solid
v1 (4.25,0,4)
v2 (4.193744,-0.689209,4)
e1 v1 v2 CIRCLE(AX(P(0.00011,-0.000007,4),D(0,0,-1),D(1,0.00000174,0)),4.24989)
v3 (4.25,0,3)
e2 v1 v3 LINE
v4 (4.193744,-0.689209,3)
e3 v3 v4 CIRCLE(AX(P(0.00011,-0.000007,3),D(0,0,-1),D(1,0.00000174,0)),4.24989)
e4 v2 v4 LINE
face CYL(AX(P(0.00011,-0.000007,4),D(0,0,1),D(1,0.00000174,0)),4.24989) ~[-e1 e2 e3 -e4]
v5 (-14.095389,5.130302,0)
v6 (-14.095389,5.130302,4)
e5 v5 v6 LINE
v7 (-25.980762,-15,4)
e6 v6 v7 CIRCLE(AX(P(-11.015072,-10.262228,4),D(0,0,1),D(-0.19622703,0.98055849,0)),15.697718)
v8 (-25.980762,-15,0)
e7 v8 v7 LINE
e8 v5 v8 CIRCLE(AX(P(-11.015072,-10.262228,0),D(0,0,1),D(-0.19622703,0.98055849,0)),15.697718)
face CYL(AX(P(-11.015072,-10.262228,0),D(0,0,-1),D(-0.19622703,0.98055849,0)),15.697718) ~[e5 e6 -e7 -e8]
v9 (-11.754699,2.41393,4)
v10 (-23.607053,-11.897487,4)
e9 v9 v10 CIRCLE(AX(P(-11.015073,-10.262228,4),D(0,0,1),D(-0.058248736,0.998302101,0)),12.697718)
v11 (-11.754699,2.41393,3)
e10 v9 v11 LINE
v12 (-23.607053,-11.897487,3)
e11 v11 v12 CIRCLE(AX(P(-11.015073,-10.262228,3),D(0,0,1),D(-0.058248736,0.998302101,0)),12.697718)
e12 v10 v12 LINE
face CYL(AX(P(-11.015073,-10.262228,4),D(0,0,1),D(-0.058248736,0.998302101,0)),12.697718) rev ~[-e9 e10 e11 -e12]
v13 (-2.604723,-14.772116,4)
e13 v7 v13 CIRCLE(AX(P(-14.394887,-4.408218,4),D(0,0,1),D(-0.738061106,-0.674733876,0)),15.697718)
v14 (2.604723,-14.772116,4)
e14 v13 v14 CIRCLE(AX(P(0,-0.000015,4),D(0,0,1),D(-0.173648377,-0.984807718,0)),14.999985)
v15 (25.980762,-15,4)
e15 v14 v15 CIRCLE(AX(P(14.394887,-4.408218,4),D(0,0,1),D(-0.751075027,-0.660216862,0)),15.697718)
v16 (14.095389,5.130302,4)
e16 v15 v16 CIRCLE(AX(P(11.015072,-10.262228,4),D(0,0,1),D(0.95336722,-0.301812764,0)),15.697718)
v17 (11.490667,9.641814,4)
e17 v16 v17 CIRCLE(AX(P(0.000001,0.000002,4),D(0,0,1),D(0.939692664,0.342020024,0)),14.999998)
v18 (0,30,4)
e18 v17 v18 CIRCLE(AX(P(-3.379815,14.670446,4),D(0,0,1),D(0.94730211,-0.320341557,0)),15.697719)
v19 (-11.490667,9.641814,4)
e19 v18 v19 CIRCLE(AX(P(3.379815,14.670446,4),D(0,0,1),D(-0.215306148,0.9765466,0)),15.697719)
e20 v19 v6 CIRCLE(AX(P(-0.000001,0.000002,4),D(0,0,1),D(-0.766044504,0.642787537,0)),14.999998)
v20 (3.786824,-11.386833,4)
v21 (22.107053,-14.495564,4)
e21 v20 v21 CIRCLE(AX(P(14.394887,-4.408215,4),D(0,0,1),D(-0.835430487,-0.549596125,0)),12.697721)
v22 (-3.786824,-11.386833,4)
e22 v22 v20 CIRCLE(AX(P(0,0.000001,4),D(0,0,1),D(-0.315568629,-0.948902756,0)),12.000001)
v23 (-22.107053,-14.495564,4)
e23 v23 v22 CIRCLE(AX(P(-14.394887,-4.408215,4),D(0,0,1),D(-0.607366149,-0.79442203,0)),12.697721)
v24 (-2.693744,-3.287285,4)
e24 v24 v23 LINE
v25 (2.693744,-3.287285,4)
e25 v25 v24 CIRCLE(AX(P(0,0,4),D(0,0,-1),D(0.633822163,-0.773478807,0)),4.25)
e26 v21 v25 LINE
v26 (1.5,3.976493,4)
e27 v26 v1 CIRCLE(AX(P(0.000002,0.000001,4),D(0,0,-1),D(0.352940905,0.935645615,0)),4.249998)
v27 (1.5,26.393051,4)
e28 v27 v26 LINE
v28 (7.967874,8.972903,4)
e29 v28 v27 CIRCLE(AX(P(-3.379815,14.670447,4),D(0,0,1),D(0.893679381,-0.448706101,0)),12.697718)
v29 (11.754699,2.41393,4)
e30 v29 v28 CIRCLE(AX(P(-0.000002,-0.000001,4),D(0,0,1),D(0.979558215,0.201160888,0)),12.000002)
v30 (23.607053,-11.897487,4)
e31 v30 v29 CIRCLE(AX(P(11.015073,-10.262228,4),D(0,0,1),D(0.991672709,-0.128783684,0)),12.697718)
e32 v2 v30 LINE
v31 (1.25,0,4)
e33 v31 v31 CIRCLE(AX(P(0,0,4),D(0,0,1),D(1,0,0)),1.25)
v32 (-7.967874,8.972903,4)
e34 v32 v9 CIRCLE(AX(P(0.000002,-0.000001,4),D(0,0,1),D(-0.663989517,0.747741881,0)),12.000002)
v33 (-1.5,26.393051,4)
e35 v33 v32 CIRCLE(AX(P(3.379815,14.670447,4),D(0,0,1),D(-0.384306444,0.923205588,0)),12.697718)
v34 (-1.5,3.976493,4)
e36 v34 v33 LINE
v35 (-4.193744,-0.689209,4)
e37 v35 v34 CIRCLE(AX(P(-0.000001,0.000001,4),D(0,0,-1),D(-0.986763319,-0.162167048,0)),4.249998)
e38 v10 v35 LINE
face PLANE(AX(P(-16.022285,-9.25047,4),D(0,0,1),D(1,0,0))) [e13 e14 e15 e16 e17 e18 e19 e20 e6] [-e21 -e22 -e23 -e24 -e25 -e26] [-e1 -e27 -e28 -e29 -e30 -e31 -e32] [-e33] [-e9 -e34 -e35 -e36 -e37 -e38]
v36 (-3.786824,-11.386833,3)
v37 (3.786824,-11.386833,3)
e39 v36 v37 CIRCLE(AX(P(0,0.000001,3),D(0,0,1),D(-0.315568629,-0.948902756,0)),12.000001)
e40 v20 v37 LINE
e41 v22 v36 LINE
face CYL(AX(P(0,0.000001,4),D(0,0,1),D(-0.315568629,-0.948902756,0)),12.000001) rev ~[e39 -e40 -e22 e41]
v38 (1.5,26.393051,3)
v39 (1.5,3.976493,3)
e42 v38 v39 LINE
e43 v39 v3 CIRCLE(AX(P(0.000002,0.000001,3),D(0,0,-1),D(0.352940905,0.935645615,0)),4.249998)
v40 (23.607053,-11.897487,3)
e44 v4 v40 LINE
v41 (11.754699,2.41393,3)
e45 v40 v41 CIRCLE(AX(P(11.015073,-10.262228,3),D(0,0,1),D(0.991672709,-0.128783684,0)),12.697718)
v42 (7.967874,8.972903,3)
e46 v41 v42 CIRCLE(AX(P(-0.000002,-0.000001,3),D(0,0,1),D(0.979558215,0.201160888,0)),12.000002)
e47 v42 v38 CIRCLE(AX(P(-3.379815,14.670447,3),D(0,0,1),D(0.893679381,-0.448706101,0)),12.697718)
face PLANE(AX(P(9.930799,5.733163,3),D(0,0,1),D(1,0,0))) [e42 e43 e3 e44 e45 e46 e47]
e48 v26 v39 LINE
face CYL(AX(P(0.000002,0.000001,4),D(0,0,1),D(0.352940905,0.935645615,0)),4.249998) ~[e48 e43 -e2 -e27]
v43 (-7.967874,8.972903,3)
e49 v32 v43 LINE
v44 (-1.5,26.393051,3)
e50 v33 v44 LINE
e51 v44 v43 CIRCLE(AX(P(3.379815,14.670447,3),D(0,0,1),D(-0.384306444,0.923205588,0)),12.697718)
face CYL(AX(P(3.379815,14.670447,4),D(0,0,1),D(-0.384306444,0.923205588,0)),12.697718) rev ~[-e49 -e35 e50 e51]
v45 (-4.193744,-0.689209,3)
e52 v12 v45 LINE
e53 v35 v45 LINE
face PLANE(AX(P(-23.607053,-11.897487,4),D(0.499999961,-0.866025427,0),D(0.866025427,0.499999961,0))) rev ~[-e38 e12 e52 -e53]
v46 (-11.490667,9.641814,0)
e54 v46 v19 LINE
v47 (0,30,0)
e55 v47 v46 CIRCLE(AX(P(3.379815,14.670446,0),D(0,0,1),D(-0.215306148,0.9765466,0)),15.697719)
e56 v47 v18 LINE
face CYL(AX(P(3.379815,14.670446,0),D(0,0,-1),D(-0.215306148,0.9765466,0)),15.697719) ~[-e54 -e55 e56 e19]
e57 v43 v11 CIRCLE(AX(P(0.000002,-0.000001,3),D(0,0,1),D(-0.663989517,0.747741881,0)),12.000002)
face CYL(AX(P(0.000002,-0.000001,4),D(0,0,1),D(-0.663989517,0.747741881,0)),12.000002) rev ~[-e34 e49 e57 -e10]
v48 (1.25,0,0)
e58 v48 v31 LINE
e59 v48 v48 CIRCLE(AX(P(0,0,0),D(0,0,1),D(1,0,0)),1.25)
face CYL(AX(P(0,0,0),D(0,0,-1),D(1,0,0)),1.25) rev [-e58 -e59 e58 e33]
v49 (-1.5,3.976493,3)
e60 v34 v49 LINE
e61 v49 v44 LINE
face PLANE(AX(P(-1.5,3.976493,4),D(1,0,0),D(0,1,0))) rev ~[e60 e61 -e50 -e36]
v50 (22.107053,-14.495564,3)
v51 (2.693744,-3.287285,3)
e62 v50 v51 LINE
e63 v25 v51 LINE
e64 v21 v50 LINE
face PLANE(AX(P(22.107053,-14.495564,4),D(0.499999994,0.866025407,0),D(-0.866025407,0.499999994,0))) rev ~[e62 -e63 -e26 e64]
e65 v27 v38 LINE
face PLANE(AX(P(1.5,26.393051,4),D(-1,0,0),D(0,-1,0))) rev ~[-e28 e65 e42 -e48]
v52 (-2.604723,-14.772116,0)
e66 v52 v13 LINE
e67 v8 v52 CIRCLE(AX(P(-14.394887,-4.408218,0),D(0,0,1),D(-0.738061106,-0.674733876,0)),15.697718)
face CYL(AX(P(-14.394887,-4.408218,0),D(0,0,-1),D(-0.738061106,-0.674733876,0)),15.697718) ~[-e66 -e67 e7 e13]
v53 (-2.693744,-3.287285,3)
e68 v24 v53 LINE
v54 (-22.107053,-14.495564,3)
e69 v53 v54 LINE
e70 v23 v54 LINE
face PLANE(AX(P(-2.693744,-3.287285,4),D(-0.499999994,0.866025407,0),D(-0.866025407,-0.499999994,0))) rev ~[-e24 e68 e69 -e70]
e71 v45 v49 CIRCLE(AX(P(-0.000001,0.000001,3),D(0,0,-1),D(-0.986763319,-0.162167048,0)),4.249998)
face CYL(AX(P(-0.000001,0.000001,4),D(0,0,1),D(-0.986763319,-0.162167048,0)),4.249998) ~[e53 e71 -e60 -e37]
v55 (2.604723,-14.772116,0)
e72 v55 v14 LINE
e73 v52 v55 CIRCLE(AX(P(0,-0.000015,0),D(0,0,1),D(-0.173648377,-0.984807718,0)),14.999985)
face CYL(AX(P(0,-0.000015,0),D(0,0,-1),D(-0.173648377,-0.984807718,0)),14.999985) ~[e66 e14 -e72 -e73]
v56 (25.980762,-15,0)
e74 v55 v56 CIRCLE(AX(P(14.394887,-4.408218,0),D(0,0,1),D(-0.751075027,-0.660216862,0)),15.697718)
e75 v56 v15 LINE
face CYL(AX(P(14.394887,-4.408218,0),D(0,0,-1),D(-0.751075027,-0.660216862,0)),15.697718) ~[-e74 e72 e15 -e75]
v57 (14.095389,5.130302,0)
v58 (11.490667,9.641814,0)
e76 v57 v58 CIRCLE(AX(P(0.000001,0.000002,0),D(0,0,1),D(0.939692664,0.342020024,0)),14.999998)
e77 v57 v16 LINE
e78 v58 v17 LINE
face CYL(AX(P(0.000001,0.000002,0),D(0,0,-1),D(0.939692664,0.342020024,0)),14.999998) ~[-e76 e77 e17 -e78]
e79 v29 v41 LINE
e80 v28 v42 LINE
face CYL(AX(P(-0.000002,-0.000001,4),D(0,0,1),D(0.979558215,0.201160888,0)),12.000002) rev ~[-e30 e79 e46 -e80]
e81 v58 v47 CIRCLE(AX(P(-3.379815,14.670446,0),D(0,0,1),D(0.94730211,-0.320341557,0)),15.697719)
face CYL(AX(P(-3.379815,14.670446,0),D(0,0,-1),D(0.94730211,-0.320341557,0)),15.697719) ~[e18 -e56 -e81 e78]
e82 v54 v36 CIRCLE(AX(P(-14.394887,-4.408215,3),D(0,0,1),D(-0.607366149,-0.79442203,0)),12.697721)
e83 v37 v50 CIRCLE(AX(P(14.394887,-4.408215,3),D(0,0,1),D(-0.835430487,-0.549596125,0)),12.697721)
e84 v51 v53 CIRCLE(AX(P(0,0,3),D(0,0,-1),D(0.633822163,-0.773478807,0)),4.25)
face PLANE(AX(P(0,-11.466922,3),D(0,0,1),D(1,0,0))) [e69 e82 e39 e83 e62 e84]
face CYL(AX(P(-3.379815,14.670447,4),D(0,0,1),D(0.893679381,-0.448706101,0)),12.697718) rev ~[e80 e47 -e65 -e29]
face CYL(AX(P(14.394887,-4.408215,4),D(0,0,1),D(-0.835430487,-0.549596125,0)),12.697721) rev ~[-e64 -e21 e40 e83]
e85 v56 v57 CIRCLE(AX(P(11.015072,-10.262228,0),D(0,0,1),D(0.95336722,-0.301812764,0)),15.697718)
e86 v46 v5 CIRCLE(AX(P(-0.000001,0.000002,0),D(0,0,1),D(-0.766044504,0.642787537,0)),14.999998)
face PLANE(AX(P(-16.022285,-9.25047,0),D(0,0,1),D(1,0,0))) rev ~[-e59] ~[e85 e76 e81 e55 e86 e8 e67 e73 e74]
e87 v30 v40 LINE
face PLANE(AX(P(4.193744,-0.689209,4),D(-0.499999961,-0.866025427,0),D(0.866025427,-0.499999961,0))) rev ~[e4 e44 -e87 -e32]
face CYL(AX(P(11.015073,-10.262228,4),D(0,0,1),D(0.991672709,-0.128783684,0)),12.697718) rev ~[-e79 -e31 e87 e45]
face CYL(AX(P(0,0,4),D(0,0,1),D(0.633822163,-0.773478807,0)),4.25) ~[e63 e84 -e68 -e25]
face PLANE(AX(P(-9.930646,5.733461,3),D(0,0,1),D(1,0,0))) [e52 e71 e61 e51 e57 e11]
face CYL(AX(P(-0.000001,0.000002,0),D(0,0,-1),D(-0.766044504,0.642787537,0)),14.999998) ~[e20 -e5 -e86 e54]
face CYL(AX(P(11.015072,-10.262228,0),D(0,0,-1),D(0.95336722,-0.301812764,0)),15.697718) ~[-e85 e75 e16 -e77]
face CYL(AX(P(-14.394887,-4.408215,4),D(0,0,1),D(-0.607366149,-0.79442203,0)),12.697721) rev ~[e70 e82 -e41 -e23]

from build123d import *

# Parameters (mm, degrees)
F0_R     = 1.25
F1_DEPTH = 4
F3_DEPTH = 1


with BuildPart() as f1:
    # F0 (on Top) → F1 (new body)
    with BuildSketch(Plane.XY):
        with BuildLine():
            ThreePointArc((-25.980762, -15), (-14.241863, -20.10519), (-2.604723, -14.772116))
            ThreePointArc((-2.604723, -14.772116), (-12.990381, -7.5), (-14.095389, 5.130302))
            ThreePointArc((-14.095389, 5.130302), (-24.532537, -2.28122), (-25.980762, -15))
        make_face()
        with BuildLine():
            ThreePointArc((2.604723, -14.772116), (11.490667, -9.641814), (15, 0))
            ThreePointArc((15, 0), (14.772116, 2.604723), (14.095389, 5.130302))
            ThreePointArc((14.095389, 5.130302), (12.990381, 7.5), (11.490667, 9.641814))
            ThreePointArc((11.490667, 9.641814), (6.339274, 13.594617), (0, 15))
            ThreePointArc((0, 15), (-6.339274, 13.594617), (-11.490667, 9.641814))
            ThreePointArc((-11.490667, 9.641814), (-12.990381, 7.5), (-14.095389, 5.130302))
            ThreePointArc((-14.095389, 5.130302), (-12.990381, -7.5), (-2.604723, -14.772116))
            ThreePointArc((-2.604723, -14.772116), (0, -15), (2.604723, -14.772116))
        make_face()
        Circle(F0_R, mode=Mode.SUBTRACT)
        with BuildLine():
            ThreePointArc((-11.490667, 9.641814), (-6.339274, 13.594617), (0, 15))
            Line((0, 15), (0, 30))
            ThreePointArc((0, 30), (-10.290674, 22.38641), (-11.490667, 9.641814))
        make_face()
        with BuildLine():
            ThreePointArc((14.095389, 5.130302), (14.772116, 2.604723), (15, 0))
            ThreePointArc((15, 0), (11.490667, -9.641814), (2.604723, -14.772116))
            ThreePointArc((2.604723, -14.772116), (14.241863, -20.10519), (25.980762, -15))
            ThreePointArc((25.980762, -15), (24.532537, -2.28122), (14.095389, 5.130302))
        make_face()
        with BuildLine():
            ThreePointArc((0, 15), (6.339274, 13.594617), (11.490667, 9.641814))
            ThreePointArc((11.490667, 9.641814), (10.290674, 22.38641), (0, 30))
            Line((0, 30), (0, 15))
        make_face()
    extrude(amount=F1_DEPTH)

    # F2 (on face) → F3 (cut)
    with BuildSketch(Plane.XY.offset(4)):
        with BuildLine():
            ThreePointArc((-4.193744, -0.689209), (-3.680608, 2.125), (-1.5, 3.976493))
            Line((-1.5, 3.976493), (-1.5, 26.393051))
            ThreePointArc((-1.5, 26.393051), (-8.523897, 19.09014), (-7.967874, 8.972903))
            ThreePointArc((-7.967874, 8.972903), (-10.392305, 6), (-11.754699, 2.41393))
            ThreePointArc((-11.754699, 2.41393), (-20.794495, -2.163158), (-23.607053, -11.897487))
            Line((-23.607053, -11.897487), (-4.193744, -0.689209))
        make_face()
        with BuildLine():
            ThreePointArc((1.5, 3.976493), (3.495533, 2.417385), (4.25, 0))
            ThreePointArc((4.25, 0), (4.235913, -0.34575), (4.193744, -0.689209))
            Line((4.193744, -0.689209), (23.607053, -11.897487))
            ThreePointArc((23.607053, -11.897487), (20.794495, -2.163158), (11.754699, 2.41393))
            ThreePointArc((11.754699, 2.41393), (10.392305, 6), (7.967874, 8.972903))
            ThreePointArc((7.967874, 8.972903), (8.523897, 19.09014), (1.5, 26.393051))
            Line((1.5, 26.393051), (1.5, 3.976493))
        make_face()
        with BuildLine():
            Line((22.107053, -14.495564), (2.693744, -3.287285))
            ThreePointArc((2.693744, -3.287285), (0, -4.25), (-2.693744, -3.287285))
            Line((-2.693744, -3.287285), (-22.107053, -14.495564))
            ThreePointArc((-22.107053, -14.495564), (-12.270597, -16.926981), (-3.786824, -11.386833))
            ThreePointArc((-3.786824, -11.386833), (0, -12), (3.786824, -11.386833))
            ThreePointArc((3.786824, -11.386833), (12.270597, -16.926981), (22.107053, -14.495564))
        make_face()
    extrude(amount=-F3_DEPTH, mode=Mode.SUBTRACT)


solid = f1.part
